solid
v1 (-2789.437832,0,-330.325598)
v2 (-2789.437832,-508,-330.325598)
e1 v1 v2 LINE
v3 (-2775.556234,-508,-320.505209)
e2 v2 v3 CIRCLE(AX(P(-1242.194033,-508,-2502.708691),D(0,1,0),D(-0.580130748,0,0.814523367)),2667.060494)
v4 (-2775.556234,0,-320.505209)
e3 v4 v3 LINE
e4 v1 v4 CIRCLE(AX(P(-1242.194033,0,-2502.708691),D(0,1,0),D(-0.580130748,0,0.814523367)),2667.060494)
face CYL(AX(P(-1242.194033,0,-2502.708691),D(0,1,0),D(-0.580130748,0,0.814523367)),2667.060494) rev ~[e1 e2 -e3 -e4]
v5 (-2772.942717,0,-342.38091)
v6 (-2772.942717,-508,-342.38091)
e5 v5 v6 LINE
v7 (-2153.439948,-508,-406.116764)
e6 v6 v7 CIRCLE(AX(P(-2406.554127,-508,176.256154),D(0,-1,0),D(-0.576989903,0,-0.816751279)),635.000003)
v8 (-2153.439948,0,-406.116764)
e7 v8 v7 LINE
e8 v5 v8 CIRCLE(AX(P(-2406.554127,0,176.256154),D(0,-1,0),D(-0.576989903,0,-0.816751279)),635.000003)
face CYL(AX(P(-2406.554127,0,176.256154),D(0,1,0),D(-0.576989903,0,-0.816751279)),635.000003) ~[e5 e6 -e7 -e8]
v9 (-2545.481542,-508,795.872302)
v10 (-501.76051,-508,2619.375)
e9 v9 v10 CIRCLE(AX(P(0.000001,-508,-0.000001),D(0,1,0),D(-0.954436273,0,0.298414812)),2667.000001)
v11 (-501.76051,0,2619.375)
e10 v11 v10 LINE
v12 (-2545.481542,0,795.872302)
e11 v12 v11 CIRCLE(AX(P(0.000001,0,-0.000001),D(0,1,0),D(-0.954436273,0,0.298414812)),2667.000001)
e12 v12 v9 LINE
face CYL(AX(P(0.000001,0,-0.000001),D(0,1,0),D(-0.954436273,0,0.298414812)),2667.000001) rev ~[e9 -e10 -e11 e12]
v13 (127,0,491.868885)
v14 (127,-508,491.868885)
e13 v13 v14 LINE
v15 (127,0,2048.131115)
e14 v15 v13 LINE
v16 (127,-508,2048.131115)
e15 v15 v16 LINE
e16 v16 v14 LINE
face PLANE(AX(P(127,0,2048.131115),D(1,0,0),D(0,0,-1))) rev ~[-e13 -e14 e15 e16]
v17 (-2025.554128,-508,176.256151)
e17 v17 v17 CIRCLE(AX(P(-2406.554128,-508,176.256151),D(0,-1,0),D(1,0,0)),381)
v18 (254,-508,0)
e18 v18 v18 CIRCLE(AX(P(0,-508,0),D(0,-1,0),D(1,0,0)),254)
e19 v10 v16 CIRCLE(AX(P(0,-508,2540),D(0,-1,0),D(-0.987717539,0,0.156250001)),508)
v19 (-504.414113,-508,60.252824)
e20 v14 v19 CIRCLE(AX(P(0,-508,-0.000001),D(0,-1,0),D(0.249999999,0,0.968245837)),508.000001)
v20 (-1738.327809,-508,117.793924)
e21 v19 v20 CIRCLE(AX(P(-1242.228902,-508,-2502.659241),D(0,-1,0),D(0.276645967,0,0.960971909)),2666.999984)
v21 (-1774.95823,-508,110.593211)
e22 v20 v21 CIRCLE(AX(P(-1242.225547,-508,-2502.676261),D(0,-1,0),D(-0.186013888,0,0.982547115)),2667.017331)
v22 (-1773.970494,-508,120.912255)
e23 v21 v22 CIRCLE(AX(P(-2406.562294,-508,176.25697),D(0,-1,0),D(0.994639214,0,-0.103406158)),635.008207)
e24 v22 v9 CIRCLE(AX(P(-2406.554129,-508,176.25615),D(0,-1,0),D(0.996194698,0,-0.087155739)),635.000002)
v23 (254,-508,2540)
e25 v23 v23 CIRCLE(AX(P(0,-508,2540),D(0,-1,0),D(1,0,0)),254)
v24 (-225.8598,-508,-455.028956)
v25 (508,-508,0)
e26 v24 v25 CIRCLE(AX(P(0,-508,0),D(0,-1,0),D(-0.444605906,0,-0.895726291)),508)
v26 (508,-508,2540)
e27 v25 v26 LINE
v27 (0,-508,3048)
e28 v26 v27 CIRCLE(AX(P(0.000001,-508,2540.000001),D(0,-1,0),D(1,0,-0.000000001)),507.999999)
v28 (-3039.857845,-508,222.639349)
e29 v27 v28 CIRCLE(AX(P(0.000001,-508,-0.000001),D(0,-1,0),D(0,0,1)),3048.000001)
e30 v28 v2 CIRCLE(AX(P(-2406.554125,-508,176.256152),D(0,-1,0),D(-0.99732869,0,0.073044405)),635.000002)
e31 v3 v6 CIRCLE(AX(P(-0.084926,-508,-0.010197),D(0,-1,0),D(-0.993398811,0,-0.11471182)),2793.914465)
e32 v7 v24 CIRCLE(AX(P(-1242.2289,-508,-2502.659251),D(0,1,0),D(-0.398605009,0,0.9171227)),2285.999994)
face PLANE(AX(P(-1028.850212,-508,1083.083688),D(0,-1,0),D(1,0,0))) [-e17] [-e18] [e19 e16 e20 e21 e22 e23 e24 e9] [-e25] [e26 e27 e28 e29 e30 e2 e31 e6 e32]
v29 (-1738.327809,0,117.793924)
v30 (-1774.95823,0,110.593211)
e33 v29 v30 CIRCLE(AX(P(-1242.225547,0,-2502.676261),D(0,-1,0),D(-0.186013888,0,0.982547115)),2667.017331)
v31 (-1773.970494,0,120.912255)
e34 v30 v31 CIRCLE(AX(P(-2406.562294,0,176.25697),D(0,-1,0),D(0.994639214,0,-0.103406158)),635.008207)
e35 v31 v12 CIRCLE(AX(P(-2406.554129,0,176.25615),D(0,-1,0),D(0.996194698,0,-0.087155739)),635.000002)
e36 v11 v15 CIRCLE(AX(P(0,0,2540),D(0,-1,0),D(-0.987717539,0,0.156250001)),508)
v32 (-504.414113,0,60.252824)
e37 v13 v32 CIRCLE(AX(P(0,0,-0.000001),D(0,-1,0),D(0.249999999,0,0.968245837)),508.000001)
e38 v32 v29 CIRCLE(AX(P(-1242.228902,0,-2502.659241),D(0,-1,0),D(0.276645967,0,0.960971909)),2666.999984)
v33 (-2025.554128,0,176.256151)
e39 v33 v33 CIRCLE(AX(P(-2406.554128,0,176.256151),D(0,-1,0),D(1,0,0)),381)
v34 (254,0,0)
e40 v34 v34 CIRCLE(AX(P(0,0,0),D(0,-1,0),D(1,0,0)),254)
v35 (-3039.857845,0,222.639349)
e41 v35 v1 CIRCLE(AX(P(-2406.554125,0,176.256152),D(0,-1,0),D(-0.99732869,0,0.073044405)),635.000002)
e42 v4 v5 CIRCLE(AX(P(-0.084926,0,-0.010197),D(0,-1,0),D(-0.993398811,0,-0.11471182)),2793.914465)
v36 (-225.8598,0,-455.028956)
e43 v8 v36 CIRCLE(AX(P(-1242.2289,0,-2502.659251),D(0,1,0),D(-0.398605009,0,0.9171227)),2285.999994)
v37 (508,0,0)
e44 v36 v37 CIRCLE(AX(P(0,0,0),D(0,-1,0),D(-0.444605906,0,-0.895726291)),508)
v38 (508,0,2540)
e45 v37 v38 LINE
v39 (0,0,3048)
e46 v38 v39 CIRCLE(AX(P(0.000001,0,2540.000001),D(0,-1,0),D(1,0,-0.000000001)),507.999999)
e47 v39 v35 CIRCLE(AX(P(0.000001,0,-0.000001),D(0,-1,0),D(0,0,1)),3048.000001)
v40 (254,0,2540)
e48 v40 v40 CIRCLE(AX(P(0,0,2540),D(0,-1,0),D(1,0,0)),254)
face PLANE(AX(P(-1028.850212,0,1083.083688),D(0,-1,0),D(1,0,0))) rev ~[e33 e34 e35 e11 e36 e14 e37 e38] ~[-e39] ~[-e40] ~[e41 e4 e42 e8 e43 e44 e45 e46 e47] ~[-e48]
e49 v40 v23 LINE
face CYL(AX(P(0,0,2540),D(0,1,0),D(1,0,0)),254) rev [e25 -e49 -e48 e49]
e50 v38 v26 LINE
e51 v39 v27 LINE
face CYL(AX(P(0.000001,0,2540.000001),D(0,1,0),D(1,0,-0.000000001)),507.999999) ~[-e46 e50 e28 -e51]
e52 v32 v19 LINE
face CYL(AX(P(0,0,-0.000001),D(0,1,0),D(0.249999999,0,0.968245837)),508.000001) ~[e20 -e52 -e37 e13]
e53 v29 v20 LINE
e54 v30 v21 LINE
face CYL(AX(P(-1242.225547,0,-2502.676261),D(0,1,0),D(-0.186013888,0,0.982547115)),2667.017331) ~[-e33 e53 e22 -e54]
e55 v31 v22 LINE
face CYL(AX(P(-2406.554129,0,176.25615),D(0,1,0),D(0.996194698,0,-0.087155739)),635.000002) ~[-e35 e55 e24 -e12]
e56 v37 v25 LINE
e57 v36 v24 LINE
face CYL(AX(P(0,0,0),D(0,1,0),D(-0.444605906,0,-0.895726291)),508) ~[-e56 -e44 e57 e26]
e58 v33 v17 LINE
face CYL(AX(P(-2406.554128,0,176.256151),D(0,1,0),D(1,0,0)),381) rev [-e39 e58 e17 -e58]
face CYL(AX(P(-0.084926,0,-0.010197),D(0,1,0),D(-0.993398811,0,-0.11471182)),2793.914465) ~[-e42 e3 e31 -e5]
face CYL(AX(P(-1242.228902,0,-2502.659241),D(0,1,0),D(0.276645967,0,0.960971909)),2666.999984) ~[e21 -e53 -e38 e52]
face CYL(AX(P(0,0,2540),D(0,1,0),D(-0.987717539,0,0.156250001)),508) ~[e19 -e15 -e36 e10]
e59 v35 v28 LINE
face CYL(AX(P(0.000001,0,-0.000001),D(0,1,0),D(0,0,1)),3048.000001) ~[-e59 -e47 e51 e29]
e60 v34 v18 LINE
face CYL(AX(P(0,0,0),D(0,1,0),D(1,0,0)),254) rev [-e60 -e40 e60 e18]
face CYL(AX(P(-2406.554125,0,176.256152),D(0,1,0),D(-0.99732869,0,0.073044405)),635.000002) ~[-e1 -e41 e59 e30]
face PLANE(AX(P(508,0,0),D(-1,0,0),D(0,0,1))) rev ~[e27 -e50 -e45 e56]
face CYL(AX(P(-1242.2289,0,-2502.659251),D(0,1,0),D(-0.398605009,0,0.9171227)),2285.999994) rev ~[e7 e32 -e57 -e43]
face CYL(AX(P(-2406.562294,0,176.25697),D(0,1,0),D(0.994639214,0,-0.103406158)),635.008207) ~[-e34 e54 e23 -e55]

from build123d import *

# Parameters (mm, degrees)
F0_R     = 381
F0_R_2   = 254
F1_DEPTH = 508


with BuildPart() as f1:
    # F0 (on Front) → F1 (new body)
    with BuildSketch(Plane.XZ):
        with BuildLine():
            ThreePointArc((-2153.439948, -406.116764), (-1184.240499, -217.394864), (-225.8598, -455.028956))
            ThreePointArc((-225.8598, -455.028956), (267.700599, -431.741114), (508, 0))
            Line((508, 0), (508, 2540))
            ThreePointArc((508, 2540), (359.210245, 2899.210245), (0, 3048))
            ThreePointArc((0, 3048), (-2075.054127, 2232.589162), (-3039.857845, 222.639349))
            ThreePointArc((-3039.857845, 222.639349), (-2985.001858, -85.704194), (-2789.437832, -330.325598))
            ThreePointArc((-2789.437832, -330.325598), (-2782.50486, -325.404341), (-2775.556234, -320.505209))
            ThreePointArc((-2775.556234, -320.505209), (-2774.271038, -331.445636), (-2772.942717, -342.38091))
            ThreePointArc((-2772.942717, -342.38091), (-2471.54134, -455.409632), (-2153.439948, -406.116764))
        make_face()
        with Locations((-2406.554128, 176.256151)):
            Circle(F0_R, mode=Mode.SUBTRACT)
        Circle(F0_R_2, mode=Mode.SUBTRACT)
        with BuildLine():
            ThreePointArc((-1738.327809, 117.793924), (-1756.655618, 114.25766), (-1774.95823, 110.593211))
            ThreePointArc((-1774.95823, 110.593211), (-1774.443305, 115.750717), (-1773.970494, 120.912255))
            ThreePointArc((-1773.970494, 120.912255), (-1988.44304, 654.17677), (-2545.481542, 795.872302))
            ThreePointArc((-2545.481542, 795.872302), (-1775.587664, 1990.019459), (-501.76051, 2619.375))
            ThreePointArc((-501.76051, 2619.375), (-341.601016, 2164.004327), (127, 2048.131115))
            Line((127, 2048.131115), (127, 491.868885))
            ThreePointArc((127, 491.868885), (-286.676576, 419.38114), (-504.414113, 60.252824))
            ThreePointArc((-504.414113, 60.252824), (-1117.993696, 161.445586), (-1738.327809, 117.793924))
        make_face(mode=Mode.SUBTRACT)
        with Locations((0, 2540)):
            Circle(F0_R_2, mode=Mode.SUBTRACT)
    extrude(amount=F1_DEPTH)


solid = f1.part
